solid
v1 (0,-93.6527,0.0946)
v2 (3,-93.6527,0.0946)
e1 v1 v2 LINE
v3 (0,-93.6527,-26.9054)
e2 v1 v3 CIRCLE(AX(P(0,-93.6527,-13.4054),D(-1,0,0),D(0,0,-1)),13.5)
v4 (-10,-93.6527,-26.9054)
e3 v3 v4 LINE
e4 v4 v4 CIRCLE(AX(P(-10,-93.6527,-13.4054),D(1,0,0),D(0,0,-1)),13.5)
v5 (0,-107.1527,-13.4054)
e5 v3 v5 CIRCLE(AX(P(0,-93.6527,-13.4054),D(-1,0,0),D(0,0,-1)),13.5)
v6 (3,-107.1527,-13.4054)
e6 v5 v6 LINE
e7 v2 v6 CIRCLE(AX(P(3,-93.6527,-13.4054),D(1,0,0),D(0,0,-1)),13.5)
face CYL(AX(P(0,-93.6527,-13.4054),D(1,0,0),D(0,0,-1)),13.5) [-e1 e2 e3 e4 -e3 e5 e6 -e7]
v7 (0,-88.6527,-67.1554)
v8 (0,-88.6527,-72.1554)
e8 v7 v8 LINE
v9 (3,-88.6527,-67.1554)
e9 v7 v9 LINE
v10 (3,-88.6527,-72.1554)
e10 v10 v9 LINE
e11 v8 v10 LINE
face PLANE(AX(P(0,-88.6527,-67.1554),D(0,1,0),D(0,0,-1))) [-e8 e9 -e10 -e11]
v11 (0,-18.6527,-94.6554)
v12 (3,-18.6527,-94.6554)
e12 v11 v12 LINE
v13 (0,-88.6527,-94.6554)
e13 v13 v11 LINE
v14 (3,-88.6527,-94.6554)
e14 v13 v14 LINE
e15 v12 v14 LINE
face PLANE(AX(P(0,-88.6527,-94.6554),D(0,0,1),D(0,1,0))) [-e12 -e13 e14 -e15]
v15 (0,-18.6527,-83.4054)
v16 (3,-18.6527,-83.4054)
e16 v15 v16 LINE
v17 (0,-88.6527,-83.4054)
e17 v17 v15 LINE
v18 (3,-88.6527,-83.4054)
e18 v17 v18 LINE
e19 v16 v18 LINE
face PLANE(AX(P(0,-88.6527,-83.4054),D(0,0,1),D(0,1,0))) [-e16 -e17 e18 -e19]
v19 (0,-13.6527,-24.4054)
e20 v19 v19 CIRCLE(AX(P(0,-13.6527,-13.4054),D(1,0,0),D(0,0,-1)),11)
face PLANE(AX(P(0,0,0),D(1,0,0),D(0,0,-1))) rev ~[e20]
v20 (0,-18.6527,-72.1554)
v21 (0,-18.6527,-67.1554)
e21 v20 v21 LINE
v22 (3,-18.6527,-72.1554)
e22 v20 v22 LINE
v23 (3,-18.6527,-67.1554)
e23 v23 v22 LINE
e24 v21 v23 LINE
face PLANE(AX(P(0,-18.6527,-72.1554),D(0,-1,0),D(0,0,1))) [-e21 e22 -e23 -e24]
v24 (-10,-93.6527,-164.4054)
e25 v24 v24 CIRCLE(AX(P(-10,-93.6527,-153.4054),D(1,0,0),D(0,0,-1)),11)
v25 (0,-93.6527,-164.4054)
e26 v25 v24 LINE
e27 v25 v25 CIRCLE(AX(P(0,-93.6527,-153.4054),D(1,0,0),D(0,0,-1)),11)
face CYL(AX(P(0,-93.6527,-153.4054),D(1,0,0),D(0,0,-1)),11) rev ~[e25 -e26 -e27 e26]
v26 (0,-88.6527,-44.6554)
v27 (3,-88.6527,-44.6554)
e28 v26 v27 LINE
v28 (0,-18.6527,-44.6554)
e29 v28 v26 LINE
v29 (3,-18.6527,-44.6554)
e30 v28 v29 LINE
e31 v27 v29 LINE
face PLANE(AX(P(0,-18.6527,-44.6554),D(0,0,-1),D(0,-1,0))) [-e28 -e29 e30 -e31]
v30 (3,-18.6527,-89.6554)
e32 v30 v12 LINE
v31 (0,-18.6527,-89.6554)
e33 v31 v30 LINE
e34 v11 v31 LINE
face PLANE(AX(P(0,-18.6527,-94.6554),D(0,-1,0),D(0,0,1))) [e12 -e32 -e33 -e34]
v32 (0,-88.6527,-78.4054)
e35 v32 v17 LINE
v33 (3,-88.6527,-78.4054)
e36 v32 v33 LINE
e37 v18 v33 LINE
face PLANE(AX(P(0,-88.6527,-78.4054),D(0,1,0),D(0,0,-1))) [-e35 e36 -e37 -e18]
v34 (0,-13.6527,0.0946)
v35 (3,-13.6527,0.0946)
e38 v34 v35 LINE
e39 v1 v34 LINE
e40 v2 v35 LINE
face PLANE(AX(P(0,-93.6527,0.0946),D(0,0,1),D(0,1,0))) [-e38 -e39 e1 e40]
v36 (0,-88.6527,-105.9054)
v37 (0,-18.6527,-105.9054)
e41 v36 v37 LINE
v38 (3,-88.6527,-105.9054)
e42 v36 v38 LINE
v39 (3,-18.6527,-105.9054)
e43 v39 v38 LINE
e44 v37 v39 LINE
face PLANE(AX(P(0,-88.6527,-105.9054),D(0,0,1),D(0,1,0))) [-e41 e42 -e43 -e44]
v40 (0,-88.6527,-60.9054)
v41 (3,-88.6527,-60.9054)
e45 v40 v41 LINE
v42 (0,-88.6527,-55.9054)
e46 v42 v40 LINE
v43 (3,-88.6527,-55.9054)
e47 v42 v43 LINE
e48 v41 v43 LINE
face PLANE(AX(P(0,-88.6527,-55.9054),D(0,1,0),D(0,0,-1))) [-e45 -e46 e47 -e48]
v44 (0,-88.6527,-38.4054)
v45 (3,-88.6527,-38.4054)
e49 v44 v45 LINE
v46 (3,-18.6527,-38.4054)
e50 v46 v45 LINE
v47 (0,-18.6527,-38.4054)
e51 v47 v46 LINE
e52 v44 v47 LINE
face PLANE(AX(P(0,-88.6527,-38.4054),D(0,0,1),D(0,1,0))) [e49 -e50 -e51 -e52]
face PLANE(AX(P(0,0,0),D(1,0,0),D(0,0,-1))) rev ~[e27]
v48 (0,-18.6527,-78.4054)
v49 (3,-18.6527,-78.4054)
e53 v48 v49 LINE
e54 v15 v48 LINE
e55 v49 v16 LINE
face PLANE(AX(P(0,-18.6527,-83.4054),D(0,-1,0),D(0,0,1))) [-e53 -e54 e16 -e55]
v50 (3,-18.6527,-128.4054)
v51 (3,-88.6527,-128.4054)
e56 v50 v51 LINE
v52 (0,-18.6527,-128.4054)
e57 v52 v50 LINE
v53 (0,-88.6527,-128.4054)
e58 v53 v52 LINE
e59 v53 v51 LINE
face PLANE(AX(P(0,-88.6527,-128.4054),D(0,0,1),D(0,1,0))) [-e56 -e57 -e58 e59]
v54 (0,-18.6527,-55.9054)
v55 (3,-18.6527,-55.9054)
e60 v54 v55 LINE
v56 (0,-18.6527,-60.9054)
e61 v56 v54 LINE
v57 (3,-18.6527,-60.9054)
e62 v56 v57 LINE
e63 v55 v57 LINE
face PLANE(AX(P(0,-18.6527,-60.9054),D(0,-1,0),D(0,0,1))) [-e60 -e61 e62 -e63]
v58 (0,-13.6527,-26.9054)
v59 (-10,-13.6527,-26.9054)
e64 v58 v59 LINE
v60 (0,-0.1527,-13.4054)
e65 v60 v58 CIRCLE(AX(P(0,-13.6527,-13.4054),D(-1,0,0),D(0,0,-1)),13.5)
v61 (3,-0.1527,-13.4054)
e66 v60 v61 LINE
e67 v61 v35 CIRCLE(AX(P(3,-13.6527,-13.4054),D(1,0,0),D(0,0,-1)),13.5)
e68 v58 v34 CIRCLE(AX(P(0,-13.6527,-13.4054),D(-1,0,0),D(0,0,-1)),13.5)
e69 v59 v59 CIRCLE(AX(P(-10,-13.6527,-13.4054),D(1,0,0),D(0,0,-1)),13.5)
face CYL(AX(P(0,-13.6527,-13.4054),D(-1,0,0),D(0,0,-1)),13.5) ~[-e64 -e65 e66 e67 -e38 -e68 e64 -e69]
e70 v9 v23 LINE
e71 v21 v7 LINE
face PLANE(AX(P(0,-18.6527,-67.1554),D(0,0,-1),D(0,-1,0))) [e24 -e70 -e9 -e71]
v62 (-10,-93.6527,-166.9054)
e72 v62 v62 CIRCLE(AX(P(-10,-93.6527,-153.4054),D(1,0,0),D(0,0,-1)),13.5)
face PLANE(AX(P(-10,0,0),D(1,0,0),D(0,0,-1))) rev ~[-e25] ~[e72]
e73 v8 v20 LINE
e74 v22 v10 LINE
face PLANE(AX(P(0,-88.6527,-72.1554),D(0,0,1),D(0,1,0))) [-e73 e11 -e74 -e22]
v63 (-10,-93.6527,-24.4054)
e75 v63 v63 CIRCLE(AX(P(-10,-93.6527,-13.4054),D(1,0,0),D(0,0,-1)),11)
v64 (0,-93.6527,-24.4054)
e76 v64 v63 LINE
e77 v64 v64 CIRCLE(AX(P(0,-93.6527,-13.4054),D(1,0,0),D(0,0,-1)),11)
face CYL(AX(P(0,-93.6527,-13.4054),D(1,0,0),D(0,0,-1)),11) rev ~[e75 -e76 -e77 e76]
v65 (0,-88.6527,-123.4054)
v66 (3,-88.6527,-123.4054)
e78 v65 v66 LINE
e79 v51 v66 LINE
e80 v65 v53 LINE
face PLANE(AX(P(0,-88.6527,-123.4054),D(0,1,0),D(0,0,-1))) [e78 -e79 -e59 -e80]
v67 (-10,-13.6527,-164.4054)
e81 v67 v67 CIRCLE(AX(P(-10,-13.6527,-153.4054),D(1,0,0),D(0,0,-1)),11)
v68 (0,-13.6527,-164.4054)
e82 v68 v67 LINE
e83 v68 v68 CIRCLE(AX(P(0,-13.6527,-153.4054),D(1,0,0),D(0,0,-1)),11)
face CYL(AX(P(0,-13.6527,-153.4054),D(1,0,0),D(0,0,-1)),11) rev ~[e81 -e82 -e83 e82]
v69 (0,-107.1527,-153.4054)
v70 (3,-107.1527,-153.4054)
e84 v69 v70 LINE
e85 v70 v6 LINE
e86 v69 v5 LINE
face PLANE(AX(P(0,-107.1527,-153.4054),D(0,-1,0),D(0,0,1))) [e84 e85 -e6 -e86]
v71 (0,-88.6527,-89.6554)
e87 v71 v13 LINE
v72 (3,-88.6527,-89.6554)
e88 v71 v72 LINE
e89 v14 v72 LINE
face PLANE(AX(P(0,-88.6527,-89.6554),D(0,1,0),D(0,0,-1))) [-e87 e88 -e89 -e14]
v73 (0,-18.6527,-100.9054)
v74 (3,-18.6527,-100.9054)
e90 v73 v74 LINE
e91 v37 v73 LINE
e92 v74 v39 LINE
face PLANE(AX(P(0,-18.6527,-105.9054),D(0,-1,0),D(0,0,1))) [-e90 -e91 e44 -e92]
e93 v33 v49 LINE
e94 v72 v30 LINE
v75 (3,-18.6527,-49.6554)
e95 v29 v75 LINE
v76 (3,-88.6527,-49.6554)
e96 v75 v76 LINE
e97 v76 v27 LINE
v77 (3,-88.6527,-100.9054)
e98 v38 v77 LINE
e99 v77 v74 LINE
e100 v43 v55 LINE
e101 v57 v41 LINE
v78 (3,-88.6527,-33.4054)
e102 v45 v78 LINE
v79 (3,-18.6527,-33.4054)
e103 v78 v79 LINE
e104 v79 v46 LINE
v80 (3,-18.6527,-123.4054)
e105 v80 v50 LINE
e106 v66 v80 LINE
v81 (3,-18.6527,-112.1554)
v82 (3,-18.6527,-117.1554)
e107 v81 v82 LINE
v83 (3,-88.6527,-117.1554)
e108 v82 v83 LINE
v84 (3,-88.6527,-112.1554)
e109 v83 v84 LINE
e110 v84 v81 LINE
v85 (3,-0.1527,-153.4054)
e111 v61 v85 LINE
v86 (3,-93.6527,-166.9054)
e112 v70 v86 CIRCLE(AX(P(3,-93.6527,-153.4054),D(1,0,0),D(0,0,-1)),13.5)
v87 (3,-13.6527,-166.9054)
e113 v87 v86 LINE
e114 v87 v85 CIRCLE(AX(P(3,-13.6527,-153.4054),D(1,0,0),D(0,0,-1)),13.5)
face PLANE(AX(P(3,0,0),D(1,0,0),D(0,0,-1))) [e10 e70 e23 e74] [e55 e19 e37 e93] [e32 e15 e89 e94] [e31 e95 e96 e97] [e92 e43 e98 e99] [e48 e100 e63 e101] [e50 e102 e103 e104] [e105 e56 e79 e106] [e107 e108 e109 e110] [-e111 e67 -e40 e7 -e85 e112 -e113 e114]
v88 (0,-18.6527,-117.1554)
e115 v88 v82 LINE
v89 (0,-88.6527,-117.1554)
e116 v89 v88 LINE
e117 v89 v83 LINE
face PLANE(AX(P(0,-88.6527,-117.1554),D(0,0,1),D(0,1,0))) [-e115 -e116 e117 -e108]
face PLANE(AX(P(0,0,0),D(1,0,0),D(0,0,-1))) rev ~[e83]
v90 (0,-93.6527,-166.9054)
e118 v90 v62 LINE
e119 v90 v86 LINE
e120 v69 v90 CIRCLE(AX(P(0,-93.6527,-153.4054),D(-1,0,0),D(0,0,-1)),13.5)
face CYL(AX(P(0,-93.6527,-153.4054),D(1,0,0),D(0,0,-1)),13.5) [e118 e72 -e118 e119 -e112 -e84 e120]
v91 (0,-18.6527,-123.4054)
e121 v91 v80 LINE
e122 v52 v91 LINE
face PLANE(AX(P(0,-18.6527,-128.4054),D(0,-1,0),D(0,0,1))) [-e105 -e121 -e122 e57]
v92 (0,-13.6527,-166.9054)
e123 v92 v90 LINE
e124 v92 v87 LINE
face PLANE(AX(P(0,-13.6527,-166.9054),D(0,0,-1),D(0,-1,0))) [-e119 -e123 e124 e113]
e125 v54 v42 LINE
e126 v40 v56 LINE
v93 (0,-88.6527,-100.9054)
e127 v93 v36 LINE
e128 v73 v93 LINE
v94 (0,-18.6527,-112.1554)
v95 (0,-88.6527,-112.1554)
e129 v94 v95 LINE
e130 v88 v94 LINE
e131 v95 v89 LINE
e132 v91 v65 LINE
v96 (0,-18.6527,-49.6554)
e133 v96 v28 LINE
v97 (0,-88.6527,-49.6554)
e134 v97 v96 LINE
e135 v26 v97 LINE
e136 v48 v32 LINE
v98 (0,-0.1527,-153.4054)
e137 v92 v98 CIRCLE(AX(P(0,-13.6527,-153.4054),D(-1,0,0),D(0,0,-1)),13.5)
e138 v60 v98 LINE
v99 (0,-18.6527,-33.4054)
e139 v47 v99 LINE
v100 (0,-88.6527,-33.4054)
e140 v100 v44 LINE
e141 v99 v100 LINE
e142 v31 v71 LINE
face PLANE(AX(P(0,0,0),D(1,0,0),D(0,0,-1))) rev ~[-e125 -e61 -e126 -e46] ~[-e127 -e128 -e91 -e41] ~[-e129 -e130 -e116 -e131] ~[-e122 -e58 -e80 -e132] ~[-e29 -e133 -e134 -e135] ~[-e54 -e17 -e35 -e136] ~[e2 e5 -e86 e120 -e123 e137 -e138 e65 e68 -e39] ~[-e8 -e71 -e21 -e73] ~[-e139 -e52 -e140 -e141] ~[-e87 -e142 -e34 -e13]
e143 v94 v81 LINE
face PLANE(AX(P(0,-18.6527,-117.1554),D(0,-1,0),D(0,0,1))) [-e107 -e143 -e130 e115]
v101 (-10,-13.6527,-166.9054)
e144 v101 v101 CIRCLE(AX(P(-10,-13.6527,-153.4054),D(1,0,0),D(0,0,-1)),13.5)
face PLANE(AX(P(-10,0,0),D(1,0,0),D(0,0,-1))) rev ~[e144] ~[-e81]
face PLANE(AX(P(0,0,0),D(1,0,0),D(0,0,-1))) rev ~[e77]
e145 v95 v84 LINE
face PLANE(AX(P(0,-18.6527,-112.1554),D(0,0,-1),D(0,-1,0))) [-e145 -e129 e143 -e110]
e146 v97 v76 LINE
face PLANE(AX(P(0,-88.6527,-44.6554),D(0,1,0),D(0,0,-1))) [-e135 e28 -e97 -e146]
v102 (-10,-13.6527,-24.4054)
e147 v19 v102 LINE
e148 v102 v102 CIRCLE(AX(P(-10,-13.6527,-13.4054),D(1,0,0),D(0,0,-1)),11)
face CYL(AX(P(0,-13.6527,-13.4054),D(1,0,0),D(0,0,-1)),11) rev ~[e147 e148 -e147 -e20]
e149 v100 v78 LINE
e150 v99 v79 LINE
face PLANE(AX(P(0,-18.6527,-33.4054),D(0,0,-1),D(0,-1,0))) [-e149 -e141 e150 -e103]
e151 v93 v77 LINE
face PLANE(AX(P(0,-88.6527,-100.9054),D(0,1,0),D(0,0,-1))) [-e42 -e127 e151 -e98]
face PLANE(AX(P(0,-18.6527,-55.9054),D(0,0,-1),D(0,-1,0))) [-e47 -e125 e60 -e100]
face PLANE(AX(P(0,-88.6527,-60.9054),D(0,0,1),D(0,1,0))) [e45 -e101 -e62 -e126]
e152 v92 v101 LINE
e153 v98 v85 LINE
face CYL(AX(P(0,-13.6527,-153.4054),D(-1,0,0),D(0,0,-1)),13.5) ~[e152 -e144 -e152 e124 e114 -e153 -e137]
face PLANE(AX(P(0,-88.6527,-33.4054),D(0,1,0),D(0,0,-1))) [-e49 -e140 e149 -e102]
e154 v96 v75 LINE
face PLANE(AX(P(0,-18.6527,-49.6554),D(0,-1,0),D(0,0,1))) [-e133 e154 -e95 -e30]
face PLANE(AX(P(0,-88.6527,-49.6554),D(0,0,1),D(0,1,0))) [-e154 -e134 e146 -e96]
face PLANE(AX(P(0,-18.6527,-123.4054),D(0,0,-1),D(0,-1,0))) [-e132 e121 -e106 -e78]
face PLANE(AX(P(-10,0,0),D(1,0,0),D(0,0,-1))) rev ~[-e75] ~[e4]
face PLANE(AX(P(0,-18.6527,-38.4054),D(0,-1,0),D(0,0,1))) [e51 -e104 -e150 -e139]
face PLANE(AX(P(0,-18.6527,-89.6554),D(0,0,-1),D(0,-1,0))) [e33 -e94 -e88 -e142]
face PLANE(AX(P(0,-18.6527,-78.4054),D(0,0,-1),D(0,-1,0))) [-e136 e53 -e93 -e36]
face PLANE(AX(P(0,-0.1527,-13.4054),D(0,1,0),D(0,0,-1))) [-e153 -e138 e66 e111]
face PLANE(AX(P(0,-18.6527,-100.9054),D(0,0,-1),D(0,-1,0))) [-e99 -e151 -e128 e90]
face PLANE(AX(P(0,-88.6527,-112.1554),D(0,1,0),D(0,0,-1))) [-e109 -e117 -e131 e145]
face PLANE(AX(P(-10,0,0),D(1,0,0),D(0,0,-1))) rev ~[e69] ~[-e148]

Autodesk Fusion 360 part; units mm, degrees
sketch "Esquisse1" plane through (0, 0, 0) normal (1, 0, 0) x (0, 0, -1)
  line L0 (-0.0946, -0.1527) -> (166.9054, -0.1527)
  line L1 (166.9054, -0.1527) -> (166.9054, -107.1527)
  line L2 (166.9054, -107.1527) -> (-0.0946, -107.1527)
  line L3 (-0.0946, -107.1527) -> (-0.0946, -0.1527)
  circle A0 centre (153.4054, -13.6527) radius 11
  circle A1 centre (13.4054, -13.6527) radius 11
  circle A2 centre (13.4054, -93.6527) radius 11
  circle A3 centre (153.4054, -93.6527) radius 11
  circle A4 centre (153.4054, -13.6527) radius 13.5
  circle A5 centre (153.4054, -93.6527) radius 13.5
  circle A6 centre (13.4054, -93.6527) radius 13.5
  circle A7 centre (13.4054, -13.6527) radius 13.5
  dimension "d10" = 107
  dimension "d11" = 167
  dimension "d12" = 22
  dimension "d13" = 13.5
  dimension "d14" = 13.5
  dimension "d15" = 22
  dimension "d16" = 22
  dimension "d17" = 22
  dimension "d18" = 13.5
  dimension "d19" = 13.5
  dimension "d20" = 13.5
  dimension "d21" = 13.5
  dimension "d22" = 13.5
  dimension "d23" = 13.5
  dimension "d24" = 27
  dimension "d25" = 27
  dimension "d26" = 27
  dimension "d27" = 27
extrude "Extrusion1" add sketch "Esquisse1" along normal blind 3 contours L0 L1 L2 L3 A4 A5 A6 A7 | A7 | A4 | A6 | A5 | A0 | A1 | A2 | A3
extrude "Extrusion2" add sketch "Esquisse1" against normal blind 10 contours A7 | A4 | A6 | A5
sketch "Esquisse3" plane through (0, 0, 0) normal (-1, 0, 0) x (0, 0, 1)
  arc A0 (-166.9054, -13.6527) -> (-153.4054, -0.1527) centre (-153.4054, -13.6527) ccw
  line L0 (-166.9054, -13.6527) -> (-166.9054, -93.6527)
  arc A1 (-153.4054, -107.1527) -> (-166.9054, -93.6527) centre (-153.4054, -93.6527) ccw
  line L1 (-153.4054, -107.1527) -> (-13.4054, -107.1527)
  arc A2 (0.0946, -93.6527) -> (-13.4054, -107.1527) centre (-13.4054, -93.6527) ccw
  line L2 (0.0946, -93.6527) -> (0.0946, -13.6527)
  arc A3 (-13.4054, -0.1527) -> (0.0946, -13.6527) centre (-13.4054, -13.6527) ccw
  line L3 (-13.4054, -0.1527) -> (-153.4054, -0.1527)
  line L4 (-78.4054, -88.6527) -> (-83.4054, -88.6527)
  line L5 (-83.4054, -88.6527) -> (-83.4054, -18.6527)
  line L6 (-83.4054, -18.6527) -> (-78.4054, -18.6527)
  line L7 (-78.4054, -18.6527) -> (-78.4054, -88.6527)
  line L8 (-72.1554, -88.6527) -> (-72.1554, -18.6527)
  line L9 (-67.1554, -88.6527) -> (-72.1554, -88.6527)
  line L10 (-67.1554, -18.6527) -> (-67.1554, -88.6527)
  line L11 (-72.1554, -18.6527) -> (-67.1554, -18.6527)
  line L12 (-60.9054, -88.6527) -> (-60.9054, -18.6527)
  line L13 (-55.9054, -88.6527) -> (-60.9054, -88.6527)
  line L14 (-55.9054, -18.6527) -> (-55.9054, -88.6527)
  line L15 (-60.9054, -18.6527) -> (-55.9054, -18.6527)
  line L16 (-49.6554, -88.6527) -> (-49.6554, -18.6527)
  line L17 (-44.6554, -88.6527) -> (-49.6554, -88.6527)
  line L18 (-44.6554, -18.6527) -> (-44.6554, -88.6527)
  line L19 (-49.6554, -18.6527) -> (-44.6554, -18.6527)
  line L20 (-38.4054, -88.6527) -> (-38.4054, -18.6527)
  line L21 (-33.4054, -88.6527) -> (-38.4054, -88.6527)
  line L22 (-33.4054, -18.6527) -> (-33.4054, -88.6527)
  line L23 (-38.4054, -18.6527) -> (-33.4054, -18.6527)
  line L24 (-94.6554, -88.6527) -> (-94.6554, -18.6527)
  line L25 (-89.6554, -18.6527) -> (-89.6554, -88.6527)
  line L26 (-89.6554, -88.6527) -> (-94.6554, -88.6527)
  line L27 (-94.6554, -18.6527) -> (-89.6554, -18.6527)
  line L28 (-105.9054, -88.6527) -> (-105.9054, -18.6527)
  line L29 (-100.9054, -18.6527) -> (-100.9054, -88.6527)
  line L30 (-100.9054, -88.6527) -> (-105.9054, -88.6527)
  line L31 (-105.9054, -18.6527) -> (-100.9054, -18.6527)
  line L32 (-117.1554, -88.6527) -> (-117.1554, -18.6527)
  line L33 (-112.1554, -18.6527) -> (-112.1554, -88.6527)
  line L34 (-112.1554, -88.6527) -> (-117.1554, -88.6527)
  line L35 (-117.1554, -18.6527) -> (-112.1554, -18.6527)
  line L36 (-128.4054, -88.6527) -> (-128.4054, -18.6527)
  line L37 (-123.4054, -18.6527) -> (-123.4054, -88.6527)
  line L38 (-123.4054, -88.6527) -> (-128.4054, -88.6527)
  line L39 (-128.4054, -18.6527) -> (-123.4054, -18.6527)
  dimension "d35" = 5
  dimension "d36" = 70
  dimension "d37" = 83.5
  dimension "d38" = 18.5
  dimension "d41" = 45
  dimension "d42" = 0
  dimension "d45" = -45
  dimension "d46" = 0
extrude "Extrusion3" cut sketch "Esquisse3" against normal blind 25 contours L4 L5 L6 L7 | L8 L9 L10 L11 | L12 L13 L14 L15 | L16 L17 L18 L19 | L20 L21 L22 L23 | L24 L25 L26 L27 | L28 L29 L30 L31 | L32 L33 L34 L35 | L36 L37 L38 L39
equation "diaPiedBois = 22 mm"
equation "longEntrePied = 140 mm"
equation "largEntrePied = 80 mm"
equation "d10 = largEntrePied + diaExtPiedBois"
equation "d11 = longEntrePied + diaExtPiedBois"
equation "d12 = diaPiedBois"
equation "d13 = diaExtPiedBois / 2"
equation "d14 = diaExtPiedBois / 2"
equation "d15 = diaPiedBois"
equation "d16 = diaPiedBois"
equation "d17 = diaPiedBois"
equation "d18 = diaExtPiedBois / 2"
equation "d19 = diaExtPiedBois / 2"
equation "d20 = diaExtPiedBois / 2"
equation "d21 = diaExtPiedBois / 2"
equation "d22 = diaExtPiedBois / 2"
equation "d23 = diaExtPiedBois / 2"
equation "d24 = diaPiedBois + 5 mm"
equation "d25 = diaPiedBois + 5 mm"
equation "d26 = diaPiedBois + 5 mm"
equation "d27 = diaPiedBois + 5 mm"
equation "diaExtPiedBois = diaPiedBois + 5 mm"
equation "d29 = epPlaqueHaut"
equation "d31 = -hautSupportPiedBois"
equation "epPlaqueHaut = 3 mm"
equation "hautSupportPiedBois = 10 mm"
equation "d37 = ( longEntrePied + diaExtPiedBois ) / 2"
equation "d38 = ( largEntrePied + diaExtPiedBois ) / 2 - ( 70 / 2 ) * 1 mm"
